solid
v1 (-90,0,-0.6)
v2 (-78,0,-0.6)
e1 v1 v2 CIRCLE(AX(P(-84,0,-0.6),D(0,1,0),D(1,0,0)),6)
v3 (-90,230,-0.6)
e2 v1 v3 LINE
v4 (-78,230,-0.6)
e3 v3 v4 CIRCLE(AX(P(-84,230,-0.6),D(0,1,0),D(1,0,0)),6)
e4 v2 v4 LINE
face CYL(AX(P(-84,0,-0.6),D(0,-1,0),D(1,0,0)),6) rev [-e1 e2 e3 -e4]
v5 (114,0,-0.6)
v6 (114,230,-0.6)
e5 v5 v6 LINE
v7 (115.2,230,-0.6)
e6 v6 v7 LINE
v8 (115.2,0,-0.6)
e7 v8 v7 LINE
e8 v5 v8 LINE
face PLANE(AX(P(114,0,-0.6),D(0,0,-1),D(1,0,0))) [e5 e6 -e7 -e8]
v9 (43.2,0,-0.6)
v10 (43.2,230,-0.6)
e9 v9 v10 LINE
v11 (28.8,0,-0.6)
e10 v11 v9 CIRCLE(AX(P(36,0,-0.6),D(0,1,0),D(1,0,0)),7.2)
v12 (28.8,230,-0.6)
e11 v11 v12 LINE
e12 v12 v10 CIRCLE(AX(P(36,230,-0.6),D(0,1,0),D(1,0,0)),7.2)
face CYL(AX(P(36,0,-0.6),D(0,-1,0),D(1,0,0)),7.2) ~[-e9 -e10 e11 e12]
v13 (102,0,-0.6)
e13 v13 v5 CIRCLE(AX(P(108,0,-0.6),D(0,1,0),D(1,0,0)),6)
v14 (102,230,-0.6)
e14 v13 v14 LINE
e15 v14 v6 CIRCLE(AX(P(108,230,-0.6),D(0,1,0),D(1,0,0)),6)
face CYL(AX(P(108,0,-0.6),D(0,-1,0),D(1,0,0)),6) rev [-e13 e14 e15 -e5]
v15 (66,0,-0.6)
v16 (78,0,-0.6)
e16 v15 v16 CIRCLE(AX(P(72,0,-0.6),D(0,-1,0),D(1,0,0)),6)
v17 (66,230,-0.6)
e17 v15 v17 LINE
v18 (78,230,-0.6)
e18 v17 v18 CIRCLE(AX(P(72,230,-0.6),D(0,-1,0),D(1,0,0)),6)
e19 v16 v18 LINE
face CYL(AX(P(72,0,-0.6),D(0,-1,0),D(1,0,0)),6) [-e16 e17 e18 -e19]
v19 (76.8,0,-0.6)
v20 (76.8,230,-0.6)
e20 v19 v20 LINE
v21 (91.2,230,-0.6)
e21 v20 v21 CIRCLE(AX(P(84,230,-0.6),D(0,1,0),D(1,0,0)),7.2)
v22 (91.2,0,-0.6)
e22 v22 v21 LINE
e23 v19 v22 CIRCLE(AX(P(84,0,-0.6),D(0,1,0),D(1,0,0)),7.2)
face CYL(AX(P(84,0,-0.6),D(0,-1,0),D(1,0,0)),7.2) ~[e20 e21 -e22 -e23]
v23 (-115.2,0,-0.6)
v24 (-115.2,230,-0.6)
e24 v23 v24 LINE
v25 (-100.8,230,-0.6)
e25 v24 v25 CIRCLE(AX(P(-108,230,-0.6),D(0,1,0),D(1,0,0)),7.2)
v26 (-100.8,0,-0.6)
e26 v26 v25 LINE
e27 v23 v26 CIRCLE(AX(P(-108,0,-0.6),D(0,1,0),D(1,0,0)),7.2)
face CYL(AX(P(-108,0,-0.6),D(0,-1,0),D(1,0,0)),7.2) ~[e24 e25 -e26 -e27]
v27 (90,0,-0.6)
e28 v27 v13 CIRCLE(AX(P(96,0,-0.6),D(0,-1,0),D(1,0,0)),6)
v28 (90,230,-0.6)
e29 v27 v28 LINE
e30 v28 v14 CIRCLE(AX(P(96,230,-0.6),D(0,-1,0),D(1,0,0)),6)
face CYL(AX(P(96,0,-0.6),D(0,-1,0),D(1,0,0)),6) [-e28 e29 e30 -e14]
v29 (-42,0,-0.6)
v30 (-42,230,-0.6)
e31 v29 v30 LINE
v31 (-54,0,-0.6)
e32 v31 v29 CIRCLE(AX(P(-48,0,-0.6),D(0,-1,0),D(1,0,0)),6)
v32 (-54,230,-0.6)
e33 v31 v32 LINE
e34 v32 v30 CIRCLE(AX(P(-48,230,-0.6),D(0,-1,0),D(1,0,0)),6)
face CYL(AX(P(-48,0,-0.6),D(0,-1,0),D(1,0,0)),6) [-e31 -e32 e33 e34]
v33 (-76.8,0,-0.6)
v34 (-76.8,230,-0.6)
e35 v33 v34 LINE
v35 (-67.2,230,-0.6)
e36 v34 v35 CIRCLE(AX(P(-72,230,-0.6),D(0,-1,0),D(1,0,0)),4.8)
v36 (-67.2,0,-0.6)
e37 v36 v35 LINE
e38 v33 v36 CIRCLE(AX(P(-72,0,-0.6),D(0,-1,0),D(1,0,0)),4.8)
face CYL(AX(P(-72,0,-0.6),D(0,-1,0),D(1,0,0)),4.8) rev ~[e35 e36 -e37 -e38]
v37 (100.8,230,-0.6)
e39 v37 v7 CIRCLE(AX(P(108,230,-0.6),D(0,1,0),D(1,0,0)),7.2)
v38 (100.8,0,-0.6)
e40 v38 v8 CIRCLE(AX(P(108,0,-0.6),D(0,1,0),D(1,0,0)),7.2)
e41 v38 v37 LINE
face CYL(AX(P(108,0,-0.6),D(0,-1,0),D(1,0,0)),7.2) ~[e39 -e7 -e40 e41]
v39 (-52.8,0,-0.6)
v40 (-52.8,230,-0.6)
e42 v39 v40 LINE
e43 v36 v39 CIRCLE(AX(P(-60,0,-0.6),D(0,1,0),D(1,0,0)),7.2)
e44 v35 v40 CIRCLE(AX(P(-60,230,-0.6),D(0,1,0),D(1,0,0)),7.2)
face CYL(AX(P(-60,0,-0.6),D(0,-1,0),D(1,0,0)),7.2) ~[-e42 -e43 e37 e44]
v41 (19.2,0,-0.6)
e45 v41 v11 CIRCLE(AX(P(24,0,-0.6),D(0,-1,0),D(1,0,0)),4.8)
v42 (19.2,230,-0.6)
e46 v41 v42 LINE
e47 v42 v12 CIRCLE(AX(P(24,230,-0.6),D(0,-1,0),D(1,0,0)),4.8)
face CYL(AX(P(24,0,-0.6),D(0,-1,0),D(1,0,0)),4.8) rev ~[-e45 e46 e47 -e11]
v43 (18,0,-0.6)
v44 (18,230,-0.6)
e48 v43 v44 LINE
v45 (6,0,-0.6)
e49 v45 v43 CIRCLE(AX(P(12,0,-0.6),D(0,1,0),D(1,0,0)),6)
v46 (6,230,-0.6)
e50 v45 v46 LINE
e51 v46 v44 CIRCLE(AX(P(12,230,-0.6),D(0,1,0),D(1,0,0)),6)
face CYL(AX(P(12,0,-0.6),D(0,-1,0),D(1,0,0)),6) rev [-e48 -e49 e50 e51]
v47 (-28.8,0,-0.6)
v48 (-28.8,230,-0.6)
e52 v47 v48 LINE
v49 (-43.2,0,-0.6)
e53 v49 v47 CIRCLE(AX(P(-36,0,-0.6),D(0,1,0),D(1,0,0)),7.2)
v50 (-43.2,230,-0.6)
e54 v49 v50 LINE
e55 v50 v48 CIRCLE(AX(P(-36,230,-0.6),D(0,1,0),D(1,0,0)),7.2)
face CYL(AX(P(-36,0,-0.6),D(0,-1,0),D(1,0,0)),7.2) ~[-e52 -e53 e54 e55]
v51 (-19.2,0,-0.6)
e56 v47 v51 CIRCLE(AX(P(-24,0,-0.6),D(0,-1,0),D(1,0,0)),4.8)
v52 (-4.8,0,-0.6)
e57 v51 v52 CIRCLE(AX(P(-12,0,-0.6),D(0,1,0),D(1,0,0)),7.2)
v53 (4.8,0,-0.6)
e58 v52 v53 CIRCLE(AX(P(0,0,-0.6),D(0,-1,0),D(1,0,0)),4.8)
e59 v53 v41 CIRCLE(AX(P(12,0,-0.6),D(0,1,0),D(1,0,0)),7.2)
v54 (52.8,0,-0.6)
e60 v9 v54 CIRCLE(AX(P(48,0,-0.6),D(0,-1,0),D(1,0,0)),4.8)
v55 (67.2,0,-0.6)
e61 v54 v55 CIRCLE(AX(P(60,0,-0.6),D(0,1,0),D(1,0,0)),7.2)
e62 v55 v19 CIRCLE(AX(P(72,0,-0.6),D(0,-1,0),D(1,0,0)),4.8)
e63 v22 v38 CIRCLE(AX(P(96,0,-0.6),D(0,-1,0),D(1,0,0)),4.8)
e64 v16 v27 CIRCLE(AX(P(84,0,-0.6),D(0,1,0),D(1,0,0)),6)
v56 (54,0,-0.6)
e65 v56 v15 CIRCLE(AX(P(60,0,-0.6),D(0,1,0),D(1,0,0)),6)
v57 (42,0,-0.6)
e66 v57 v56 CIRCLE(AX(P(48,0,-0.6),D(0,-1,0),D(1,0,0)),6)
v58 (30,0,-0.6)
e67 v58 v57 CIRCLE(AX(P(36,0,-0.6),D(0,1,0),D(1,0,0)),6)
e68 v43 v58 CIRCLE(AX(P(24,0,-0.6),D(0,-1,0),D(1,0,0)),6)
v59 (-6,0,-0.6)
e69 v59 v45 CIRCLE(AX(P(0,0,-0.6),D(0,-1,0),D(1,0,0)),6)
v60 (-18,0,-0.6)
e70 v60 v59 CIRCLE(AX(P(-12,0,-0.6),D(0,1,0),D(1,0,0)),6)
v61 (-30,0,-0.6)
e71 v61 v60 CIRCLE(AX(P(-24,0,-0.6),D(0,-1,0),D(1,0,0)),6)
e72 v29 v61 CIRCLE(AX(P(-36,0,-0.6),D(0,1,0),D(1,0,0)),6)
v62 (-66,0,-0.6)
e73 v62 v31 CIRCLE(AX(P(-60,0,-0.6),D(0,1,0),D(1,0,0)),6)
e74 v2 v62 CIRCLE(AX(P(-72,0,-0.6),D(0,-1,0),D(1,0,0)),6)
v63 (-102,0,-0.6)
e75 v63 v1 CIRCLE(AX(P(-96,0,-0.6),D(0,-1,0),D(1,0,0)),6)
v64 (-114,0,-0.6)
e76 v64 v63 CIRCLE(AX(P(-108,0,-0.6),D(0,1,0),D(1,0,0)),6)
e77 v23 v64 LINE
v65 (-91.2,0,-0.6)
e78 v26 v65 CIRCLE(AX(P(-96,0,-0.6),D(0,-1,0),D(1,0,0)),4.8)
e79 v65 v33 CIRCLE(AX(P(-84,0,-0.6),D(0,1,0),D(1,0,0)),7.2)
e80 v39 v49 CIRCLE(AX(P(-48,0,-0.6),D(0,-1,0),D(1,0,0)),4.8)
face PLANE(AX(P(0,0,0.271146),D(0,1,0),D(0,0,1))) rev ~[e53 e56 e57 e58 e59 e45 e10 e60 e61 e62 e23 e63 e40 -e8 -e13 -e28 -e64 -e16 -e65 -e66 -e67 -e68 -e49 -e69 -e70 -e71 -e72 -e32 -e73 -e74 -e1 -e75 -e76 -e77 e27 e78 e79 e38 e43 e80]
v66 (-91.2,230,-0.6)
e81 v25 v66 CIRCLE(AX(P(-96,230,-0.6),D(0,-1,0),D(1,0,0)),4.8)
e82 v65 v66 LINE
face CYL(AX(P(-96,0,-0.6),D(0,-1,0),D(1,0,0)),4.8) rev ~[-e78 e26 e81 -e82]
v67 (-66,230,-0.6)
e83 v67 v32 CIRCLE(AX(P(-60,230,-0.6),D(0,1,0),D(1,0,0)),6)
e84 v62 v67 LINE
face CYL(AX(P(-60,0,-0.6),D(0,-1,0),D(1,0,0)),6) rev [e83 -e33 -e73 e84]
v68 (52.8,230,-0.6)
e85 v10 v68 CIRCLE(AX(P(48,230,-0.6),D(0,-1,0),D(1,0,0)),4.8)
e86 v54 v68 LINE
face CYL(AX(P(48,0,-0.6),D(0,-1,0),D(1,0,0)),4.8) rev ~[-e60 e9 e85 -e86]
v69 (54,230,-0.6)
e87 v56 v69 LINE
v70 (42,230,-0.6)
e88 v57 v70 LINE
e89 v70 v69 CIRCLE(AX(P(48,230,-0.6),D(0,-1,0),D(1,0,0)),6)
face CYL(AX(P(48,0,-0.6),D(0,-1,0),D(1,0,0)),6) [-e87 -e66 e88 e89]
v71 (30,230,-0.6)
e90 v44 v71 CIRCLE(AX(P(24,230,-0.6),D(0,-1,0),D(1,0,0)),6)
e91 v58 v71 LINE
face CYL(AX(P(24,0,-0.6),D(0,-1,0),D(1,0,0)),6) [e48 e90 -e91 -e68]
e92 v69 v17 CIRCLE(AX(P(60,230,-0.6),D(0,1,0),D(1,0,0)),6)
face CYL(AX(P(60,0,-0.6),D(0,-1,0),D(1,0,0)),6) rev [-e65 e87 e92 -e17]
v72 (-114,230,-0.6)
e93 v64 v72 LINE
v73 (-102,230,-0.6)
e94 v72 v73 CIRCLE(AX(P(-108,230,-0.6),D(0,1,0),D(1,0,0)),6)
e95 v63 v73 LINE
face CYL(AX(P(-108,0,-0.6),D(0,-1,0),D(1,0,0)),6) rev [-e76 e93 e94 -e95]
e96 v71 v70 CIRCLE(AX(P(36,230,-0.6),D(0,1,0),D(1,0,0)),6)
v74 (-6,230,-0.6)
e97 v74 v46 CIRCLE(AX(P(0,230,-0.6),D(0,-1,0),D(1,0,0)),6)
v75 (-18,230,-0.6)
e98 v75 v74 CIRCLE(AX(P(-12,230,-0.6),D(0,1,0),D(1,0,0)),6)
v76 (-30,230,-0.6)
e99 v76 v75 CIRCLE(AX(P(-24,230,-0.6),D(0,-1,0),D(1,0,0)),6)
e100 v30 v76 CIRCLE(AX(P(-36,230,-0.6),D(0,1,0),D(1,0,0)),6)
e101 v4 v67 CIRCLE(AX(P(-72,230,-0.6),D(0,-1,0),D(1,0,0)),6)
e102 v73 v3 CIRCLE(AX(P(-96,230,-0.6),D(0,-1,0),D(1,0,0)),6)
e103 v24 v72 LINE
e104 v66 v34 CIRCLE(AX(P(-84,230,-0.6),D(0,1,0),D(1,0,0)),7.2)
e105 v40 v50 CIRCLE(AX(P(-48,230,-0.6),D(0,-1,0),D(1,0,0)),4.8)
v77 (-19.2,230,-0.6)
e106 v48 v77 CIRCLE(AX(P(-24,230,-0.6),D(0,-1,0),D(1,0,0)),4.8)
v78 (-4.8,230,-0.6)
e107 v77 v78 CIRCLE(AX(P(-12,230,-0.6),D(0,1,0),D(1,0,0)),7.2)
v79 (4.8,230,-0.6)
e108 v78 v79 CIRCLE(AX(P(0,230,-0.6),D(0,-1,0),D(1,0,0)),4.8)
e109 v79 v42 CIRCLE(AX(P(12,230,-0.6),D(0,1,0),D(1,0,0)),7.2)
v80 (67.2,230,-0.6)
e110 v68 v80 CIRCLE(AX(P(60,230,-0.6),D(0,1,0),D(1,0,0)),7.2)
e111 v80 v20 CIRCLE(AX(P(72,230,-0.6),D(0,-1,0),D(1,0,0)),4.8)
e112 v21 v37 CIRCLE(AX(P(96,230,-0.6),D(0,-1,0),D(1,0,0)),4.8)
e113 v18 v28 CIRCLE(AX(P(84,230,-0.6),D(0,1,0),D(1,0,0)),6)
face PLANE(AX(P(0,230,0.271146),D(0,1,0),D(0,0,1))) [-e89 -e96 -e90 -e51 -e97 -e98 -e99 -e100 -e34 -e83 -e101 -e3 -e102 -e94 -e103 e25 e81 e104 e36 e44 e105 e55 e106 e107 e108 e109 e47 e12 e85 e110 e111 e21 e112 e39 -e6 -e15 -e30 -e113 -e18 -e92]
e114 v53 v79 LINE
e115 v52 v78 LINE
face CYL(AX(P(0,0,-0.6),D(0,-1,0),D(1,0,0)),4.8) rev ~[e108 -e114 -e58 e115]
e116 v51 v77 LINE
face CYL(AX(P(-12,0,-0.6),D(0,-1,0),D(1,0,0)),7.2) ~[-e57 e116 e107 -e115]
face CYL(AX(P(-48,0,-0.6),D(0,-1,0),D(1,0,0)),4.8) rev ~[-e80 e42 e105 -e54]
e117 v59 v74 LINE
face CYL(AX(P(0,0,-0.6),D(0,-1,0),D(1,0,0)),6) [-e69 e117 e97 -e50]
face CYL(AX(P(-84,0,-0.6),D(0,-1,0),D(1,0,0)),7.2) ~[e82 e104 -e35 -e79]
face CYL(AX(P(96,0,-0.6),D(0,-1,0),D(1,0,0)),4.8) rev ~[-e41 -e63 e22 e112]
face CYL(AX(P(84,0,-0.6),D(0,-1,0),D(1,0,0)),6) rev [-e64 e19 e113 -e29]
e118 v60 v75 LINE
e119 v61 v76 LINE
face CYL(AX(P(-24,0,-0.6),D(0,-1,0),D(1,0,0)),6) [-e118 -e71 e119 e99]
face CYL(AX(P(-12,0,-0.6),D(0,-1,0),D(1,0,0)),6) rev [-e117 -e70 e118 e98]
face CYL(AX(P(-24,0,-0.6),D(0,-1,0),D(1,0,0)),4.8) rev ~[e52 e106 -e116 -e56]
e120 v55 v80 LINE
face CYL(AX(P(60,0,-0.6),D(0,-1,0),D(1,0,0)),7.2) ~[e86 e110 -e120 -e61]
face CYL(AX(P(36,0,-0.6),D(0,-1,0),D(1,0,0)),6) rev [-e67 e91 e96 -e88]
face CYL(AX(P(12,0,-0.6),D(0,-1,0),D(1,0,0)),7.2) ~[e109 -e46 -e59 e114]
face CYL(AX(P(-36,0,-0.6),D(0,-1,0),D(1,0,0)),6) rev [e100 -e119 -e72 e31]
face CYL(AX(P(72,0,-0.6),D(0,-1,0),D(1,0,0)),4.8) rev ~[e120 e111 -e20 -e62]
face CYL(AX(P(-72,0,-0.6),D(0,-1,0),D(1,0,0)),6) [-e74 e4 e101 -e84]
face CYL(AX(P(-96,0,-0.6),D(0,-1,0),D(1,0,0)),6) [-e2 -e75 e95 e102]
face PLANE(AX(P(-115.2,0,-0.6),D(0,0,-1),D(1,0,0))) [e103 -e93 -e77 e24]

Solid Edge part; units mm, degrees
sketch "Sketch1" plane through (0, 0, 0) normal (0, -1, 0) x (1, 0, 0)
  arc A0 (-67.2, -0.6) -> (-52.8, -0.6) centre (-60, -0.6) cw
  arc A1 (-52.8, -0.6) -> (-43.2, -0.6) centre (-48, -0.6) ccw
  arc A2 (-43.2, -0.6) -> (-28.8, -0.6) centre (-36, -0.6) cw
  arc A3 (-28.8, -0.6) -> (-19.2, -0.6) centre (-24, -0.6) ccw
  arc A4 (-19.2, -0.6) -> (-4.8, -0.6) centre (-12, -0.6) cw
  arc A5 (-4.8, -0.6) -> (4.8, -0.6) centre (0, -0.6) ccw
  arc A6 (4.8, -0.6) -> (19.2, -0.6) centre (12, -0.6) cw
  arc A7 (19.2, -0.6) -> (28.8, -0.6) centre (24, -0.6) ccw
  arc A8 (28.8, -0.6) -> (43.2, -0.6) centre (36, -0.6) cw
  arc A9 (43.2, -0.6) -> (52.8, -0.6) centre (48, -0.6) ccw
  arc A10 (52.8, -0.6) -> (67.2, -0.6) centre (60, -0.6) cw
  arc A11 (67.2, -0.6) -> (76.8, -0.6) centre (72, -0.6) ccw
  arc A12 (76.8, -0.6) -> (91.2, -0.6) centre (84, -0.6) cw
  arc A13 (91.2, -0.6) -> (100.8, -0.6) centre (96, -0.6) ccw
  arc A14 (100.8, -0.6) -> (115.2, -0.6) centre (108, -0.6) cw
  line L0 (114, -0.6) -> (115.2, -0.6)
  arc A15 (102, -0.6) -> (114, -0.6) centre (108, -0.6) cw
  arc A16 (90, -0.6) -> (102, -0.6) centre (96, -0.6) ccw
  arc A17 (78, -0.6) -> (90, -0.6) centre (84, -0.6) cw
  arc A18 (66, -0.6) -> (78, -0.6) centre (72, -0.6) ccw
  arc A19 (54, -0.6) -> (66, -0.6) centre (60, -0.6) cw
  arc A20 (42, -0.6) -> (54, -0.6) centre (48, -0.6) ccw
  arc A21 (30, -0.6) -> (42, -0.6) centre (36, -0.6) cw
  arc A22 (18, -0.6) -> (30, -0.6) centre (24, -0.6) ccw
  arc A23 (6, -0.6) -> (18, -0.6) centre (12, -0.6) cw
  arc A24 (-6, -0.6) -> (6, -0.6) centre (0, -0.6) ccw
  arc A25 (-18, -0.6) -> (-6, -0.6) centre (-12, -0.6) cw
  arc A26 (-30, -0.6) -> (-18, -0.6) centre (-24, -0.6) ccw
  arc A27 (-42, -0.6) -> (-30, -0.6) centre (-36, -0.6) cw
  arc A28 (-54, -0.6) -> (-42, -0.6) centre (-48, -0.6) ccw
  arc A29 (-66, -0.6) -> (-54, -0.6) centre (-60, -0.6) cw
  arc A30 (-78, -0.6) -> (-66, -0.6) centre (-72, -0.6) ccw
  arc A31 (-90, -0.6) -> (-78, -0.6) centre (-84, -0.6) cw
  arc A32 (-102, -0.6) -> (-90, -0.6) centre (-96, -0.6) ccw
  arc A33 (-114, -0.6) -> (-102, -0.6) centre (-108, -0.6) cw
  line L1 (-115.2, -0.6) -> (-114, -0.6)
  arc A34 (-115.2, -0.6) -> (-100.8, -0.6) centre (-108, -0.6) cw
  arc A35 (-100.8, -0.6) -> (-91.2, -0.6) centre (-96, -0.6) ccw
  arc A36 (-91.2, -0.6) -> (-76.8, -0.6) centre (-84, -0.6) cw
  arc A37 (-76.8, -0.6) -> (-67.2, -0.6) centre (-72, -0.6) ccw
extrude "Protrusion1" add sketch "Sketch1" against normal blind 230
